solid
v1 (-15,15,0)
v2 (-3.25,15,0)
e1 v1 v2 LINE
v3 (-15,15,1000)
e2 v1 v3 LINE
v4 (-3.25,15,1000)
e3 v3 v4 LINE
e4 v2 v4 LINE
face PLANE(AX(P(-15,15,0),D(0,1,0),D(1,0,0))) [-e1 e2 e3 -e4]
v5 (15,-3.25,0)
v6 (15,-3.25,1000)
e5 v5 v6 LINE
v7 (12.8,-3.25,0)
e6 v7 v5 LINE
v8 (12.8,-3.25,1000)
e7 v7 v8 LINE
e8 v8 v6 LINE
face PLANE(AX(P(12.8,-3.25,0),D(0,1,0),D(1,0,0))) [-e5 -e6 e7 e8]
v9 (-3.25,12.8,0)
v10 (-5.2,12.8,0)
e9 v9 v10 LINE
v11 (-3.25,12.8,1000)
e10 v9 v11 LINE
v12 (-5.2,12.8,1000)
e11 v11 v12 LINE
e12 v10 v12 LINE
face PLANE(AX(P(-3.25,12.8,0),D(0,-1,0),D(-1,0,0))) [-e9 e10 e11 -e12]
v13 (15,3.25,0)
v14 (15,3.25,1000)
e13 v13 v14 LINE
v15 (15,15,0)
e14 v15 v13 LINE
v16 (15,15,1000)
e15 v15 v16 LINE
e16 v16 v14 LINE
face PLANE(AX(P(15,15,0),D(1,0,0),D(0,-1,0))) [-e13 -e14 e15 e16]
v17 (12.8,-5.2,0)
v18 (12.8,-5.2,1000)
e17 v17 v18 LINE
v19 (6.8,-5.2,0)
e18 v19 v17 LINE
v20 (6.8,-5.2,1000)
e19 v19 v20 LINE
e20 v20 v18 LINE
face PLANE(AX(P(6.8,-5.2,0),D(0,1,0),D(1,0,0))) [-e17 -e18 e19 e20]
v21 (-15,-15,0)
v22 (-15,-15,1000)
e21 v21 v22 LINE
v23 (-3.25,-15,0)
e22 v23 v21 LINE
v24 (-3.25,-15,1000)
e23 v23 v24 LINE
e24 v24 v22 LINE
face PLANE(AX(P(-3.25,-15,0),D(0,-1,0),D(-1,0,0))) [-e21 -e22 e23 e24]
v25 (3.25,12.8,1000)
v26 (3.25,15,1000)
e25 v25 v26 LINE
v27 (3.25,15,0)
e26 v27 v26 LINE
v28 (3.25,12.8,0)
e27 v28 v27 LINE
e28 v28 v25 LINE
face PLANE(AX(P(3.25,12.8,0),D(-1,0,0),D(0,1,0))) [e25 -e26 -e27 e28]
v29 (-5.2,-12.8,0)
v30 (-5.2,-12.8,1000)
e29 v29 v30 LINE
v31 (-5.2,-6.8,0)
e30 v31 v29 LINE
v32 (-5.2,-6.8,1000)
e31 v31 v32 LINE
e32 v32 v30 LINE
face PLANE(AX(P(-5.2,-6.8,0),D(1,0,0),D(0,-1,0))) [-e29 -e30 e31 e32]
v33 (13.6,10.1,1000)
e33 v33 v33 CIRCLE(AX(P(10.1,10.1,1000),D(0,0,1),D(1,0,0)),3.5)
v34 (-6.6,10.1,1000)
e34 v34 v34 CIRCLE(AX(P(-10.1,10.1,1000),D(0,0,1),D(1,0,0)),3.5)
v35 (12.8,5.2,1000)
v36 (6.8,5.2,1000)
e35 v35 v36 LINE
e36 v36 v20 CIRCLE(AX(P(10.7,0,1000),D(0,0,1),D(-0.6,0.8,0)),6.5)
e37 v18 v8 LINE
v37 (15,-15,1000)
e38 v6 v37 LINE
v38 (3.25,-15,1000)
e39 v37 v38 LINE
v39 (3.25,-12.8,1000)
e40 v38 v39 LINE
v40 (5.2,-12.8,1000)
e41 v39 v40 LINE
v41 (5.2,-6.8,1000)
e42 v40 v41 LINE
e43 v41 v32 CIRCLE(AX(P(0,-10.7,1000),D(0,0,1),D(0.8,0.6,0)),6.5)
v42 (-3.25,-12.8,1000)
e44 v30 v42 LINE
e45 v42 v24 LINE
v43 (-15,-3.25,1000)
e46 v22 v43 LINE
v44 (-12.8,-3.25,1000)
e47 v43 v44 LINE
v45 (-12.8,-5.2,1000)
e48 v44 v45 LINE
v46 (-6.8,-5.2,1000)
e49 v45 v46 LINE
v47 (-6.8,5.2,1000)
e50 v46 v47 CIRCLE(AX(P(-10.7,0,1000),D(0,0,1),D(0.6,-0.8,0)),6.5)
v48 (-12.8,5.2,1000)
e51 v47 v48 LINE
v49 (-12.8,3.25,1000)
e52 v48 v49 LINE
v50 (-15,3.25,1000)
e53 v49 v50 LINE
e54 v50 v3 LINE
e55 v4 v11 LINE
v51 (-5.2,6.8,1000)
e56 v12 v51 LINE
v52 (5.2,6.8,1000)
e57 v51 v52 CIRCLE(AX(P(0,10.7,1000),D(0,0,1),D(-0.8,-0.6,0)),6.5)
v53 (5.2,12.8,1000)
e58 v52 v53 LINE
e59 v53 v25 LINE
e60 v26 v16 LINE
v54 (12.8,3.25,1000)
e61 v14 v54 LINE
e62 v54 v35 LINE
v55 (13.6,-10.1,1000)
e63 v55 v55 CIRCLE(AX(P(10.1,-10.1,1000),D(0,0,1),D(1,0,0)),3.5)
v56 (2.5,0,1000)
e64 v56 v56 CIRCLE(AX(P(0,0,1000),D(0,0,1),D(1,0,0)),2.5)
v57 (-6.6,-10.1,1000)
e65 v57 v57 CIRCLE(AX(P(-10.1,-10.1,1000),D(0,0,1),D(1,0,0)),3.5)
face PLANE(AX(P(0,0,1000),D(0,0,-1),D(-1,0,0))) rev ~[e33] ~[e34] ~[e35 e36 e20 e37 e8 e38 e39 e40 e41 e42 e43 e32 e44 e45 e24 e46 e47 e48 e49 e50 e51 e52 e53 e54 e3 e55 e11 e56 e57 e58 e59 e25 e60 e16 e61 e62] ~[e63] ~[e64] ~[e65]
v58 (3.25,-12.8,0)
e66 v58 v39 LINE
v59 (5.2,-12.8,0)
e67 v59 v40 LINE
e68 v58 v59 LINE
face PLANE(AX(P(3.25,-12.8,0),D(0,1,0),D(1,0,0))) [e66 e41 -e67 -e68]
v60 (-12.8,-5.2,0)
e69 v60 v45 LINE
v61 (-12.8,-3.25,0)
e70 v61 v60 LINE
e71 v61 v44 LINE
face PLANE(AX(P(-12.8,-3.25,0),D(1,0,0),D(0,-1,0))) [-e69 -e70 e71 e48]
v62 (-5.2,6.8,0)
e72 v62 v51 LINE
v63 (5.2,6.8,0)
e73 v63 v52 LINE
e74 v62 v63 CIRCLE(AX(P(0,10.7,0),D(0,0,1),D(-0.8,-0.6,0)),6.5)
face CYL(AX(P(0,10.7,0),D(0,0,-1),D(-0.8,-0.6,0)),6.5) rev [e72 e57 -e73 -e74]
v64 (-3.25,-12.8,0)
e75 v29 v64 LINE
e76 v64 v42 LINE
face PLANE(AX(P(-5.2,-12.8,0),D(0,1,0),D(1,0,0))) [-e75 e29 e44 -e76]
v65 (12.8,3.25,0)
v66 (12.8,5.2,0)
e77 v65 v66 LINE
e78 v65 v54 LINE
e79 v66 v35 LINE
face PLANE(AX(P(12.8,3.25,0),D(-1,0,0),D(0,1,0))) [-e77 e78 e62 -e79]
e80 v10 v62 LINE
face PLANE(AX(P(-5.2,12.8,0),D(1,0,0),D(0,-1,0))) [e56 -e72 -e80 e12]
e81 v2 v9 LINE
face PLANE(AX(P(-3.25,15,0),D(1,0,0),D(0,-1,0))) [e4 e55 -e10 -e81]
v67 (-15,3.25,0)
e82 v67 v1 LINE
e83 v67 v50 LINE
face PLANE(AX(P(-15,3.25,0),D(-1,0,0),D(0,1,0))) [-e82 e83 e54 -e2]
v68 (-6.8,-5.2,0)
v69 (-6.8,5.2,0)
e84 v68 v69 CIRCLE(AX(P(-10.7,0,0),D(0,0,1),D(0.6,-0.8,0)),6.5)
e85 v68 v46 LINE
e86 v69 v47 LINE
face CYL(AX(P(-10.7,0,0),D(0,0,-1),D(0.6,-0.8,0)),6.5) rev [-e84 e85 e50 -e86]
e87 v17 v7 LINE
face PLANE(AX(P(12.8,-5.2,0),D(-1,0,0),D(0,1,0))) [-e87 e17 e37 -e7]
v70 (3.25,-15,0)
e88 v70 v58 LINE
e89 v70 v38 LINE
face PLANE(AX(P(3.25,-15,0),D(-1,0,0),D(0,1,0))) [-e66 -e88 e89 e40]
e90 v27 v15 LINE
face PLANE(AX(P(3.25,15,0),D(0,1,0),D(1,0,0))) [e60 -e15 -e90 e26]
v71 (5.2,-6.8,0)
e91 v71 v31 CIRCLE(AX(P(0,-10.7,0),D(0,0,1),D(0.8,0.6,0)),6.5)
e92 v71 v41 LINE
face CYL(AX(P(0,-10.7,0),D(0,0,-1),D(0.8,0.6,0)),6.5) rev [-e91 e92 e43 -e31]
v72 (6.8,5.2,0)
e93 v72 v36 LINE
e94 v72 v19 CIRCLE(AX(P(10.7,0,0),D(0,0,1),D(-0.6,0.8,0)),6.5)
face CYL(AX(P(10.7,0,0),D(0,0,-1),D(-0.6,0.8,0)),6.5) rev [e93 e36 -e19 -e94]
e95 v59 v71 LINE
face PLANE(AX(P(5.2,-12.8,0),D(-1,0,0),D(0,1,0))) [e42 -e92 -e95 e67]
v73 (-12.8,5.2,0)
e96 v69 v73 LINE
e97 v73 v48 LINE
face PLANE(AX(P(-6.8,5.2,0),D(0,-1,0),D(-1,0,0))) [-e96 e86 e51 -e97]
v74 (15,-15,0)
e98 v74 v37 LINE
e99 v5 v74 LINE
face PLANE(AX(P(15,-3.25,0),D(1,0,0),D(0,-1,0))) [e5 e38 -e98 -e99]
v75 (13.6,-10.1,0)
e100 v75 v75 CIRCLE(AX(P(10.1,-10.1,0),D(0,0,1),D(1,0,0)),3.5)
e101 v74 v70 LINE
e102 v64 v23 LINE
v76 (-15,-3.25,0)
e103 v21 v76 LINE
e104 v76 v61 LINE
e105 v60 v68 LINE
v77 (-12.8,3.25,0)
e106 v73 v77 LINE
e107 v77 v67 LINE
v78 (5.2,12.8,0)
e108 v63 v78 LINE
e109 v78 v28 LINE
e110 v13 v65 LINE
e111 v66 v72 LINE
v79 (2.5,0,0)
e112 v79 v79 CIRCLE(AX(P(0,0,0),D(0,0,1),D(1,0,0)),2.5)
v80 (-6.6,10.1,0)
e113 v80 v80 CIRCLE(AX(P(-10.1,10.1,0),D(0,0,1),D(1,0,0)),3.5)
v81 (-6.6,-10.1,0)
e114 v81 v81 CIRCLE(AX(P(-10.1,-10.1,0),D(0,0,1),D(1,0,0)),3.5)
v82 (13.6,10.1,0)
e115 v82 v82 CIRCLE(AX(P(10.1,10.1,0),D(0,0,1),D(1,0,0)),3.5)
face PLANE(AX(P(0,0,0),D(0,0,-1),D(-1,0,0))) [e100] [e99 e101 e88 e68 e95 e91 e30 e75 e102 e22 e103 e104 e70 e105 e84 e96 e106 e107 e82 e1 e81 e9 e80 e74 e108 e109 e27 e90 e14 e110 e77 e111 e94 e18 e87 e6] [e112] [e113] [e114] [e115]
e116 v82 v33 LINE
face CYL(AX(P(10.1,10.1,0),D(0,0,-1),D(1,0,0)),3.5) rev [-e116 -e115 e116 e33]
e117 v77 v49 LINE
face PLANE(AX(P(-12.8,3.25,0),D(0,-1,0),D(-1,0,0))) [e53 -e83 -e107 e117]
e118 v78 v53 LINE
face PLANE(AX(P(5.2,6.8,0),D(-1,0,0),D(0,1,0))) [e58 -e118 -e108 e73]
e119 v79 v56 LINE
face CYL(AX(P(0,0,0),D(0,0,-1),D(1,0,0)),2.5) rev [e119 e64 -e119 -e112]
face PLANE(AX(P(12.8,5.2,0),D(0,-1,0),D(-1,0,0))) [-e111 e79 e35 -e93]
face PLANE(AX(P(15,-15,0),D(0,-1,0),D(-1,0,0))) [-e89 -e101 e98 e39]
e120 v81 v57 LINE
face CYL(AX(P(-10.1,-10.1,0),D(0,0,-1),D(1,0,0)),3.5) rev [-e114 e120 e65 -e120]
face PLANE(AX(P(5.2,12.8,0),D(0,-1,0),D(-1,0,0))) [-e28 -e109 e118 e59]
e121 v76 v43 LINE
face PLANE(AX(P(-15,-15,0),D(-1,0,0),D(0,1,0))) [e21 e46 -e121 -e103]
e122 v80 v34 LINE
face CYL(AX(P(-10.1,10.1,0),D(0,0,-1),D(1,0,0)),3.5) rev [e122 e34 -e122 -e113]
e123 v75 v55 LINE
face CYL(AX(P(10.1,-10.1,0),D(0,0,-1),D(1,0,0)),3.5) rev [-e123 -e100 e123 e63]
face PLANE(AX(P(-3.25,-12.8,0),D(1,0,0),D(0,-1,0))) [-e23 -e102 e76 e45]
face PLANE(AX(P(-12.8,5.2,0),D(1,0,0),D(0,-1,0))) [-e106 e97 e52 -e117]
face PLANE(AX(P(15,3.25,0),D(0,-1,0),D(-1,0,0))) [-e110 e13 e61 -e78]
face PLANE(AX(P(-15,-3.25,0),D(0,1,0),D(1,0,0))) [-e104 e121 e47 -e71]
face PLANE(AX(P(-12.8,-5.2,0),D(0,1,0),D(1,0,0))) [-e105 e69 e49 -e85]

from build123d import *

# Parameters (mm, degrees)
SKETCH_1_R      = 3.5
SKETCH_1_R_2    = 2.5
EXTRUDE_1_DEPTH = 1000


with BuildPart() as part:
    # Эскиз1 → Бобышка-Вытянуть1 (new body)
    with BuildSketch(Plane.XY):
        with BuildLine():
            Line((-15, 5.2), (-15, 15))
            Line((-15, 15), (-5.2, 15))
            Line((-5.2, 15), (-3.25, 15))
            Line((-3.25, 15), (-3.25, 12.8))
            Line((-3.25, 12.8), (-5.2, 12.8))
            Line((-5.2, 12.8), (-5.2, 6.8))
            ThreePointArc((-5.2, 6.8), (0, 4.2), (5.2, 6.8))
            Line((5.2, 6.8), (5.2, 12.8))
            Line((5.2, 12.8), (3.25, 12.8))
            Line((3.25, 12.8), (3.25, 15))
            Line((3.25, 15), (5.2, 15))
            Line((5.2, 15), (15, 15))
            Line((15, 15), (15, 5.2))
            Line((15, 5.2), (15, 3.25))
            Line((15, 3.25), (12.8, 3.25))
            Line((12.8, 3.25), (12.8, 5.2))
            Line((12.8, 5.2), (6.8, 5.2))
            ThreePointArc((6.8, 5.2), (4.2, 0), (6.8, -5.2))
            Line((6.8, -5.2), (12.8, -5.2))
            Line((12.8, -5.2), (12.8, -3.25))
            Line((12.8, -3.25), (15, -3.25))
            Line((15, -3.25), (15, -5.2))
            Line((15, -5.2), (15, -15))
            Line((15, -15), (5.2, -15))
            Line((5.2, -15), (3.25, -15))
            Line((3.25, -15), (3.25, -12.8))
            Line((3.25, -12.8), (5.2, -12.8))
            Line((5.2, -12.8), (5.2, -6.8))
            ThreePointArc((5.2, -6.8), (0, -4.2), (-5.2, -6.8))
            Line((-5.2, -6.8), (-5.2, -12.8))
            Line((-5.2, -12.8), (-3.25, -12.8))
            Line((-3.25, -12.8), (-3.25, -15))
            Line((-3.25, -15), (-5.2, -15))
            Line((-5.2, -15), (-15, -15))
            Line((-15, -15), (-15, -5.2))
            Line((-15, -5.2), (-15, -3.25))
            Line((-15, -3.25), (-12.8, -3.25))
            Line((-12.8, -3.25), (-12.8, -5.2))
            Line((-12.8, -5.2), (-6.8, -5.2))
            ThreePointArc((-6.8, -5.2), (-4.2, 0), (-6.8, 5.2))
            Line((-6.8, 5.2), (-12.8, 5.2))
            Line((-12.8, 5.2), (-12.8, 3.25))
            Line((-12.8, 3.25), (-15, 3.25))
            Line((-15, 3.25), (-15, 5.2))
        make_face()
        with Locations((-10.1, 10.1)):
            Circle(SKETCH_1_R, mode=Mode.SUBTRACT)
        with Locations((10.1, 10.1)):
            Circle(SKETCH_1_R, mode=Mode.SUBTRACT)
        with Locations((-10.1, -10.1)):
            Circle(SKETCH_1_R, mode=Mode.SUBTRACT)
        with Locations((10.1, -10.1)):
            Circle(SKETCH_1_R, mode=Mode.SUBTRACT)
        Circle(SKETCH_1_R_2, mode=Mode.SUBTRACT)
    extrude(amount=EXTRUDE_1_DEPTH)


solid = part.part
